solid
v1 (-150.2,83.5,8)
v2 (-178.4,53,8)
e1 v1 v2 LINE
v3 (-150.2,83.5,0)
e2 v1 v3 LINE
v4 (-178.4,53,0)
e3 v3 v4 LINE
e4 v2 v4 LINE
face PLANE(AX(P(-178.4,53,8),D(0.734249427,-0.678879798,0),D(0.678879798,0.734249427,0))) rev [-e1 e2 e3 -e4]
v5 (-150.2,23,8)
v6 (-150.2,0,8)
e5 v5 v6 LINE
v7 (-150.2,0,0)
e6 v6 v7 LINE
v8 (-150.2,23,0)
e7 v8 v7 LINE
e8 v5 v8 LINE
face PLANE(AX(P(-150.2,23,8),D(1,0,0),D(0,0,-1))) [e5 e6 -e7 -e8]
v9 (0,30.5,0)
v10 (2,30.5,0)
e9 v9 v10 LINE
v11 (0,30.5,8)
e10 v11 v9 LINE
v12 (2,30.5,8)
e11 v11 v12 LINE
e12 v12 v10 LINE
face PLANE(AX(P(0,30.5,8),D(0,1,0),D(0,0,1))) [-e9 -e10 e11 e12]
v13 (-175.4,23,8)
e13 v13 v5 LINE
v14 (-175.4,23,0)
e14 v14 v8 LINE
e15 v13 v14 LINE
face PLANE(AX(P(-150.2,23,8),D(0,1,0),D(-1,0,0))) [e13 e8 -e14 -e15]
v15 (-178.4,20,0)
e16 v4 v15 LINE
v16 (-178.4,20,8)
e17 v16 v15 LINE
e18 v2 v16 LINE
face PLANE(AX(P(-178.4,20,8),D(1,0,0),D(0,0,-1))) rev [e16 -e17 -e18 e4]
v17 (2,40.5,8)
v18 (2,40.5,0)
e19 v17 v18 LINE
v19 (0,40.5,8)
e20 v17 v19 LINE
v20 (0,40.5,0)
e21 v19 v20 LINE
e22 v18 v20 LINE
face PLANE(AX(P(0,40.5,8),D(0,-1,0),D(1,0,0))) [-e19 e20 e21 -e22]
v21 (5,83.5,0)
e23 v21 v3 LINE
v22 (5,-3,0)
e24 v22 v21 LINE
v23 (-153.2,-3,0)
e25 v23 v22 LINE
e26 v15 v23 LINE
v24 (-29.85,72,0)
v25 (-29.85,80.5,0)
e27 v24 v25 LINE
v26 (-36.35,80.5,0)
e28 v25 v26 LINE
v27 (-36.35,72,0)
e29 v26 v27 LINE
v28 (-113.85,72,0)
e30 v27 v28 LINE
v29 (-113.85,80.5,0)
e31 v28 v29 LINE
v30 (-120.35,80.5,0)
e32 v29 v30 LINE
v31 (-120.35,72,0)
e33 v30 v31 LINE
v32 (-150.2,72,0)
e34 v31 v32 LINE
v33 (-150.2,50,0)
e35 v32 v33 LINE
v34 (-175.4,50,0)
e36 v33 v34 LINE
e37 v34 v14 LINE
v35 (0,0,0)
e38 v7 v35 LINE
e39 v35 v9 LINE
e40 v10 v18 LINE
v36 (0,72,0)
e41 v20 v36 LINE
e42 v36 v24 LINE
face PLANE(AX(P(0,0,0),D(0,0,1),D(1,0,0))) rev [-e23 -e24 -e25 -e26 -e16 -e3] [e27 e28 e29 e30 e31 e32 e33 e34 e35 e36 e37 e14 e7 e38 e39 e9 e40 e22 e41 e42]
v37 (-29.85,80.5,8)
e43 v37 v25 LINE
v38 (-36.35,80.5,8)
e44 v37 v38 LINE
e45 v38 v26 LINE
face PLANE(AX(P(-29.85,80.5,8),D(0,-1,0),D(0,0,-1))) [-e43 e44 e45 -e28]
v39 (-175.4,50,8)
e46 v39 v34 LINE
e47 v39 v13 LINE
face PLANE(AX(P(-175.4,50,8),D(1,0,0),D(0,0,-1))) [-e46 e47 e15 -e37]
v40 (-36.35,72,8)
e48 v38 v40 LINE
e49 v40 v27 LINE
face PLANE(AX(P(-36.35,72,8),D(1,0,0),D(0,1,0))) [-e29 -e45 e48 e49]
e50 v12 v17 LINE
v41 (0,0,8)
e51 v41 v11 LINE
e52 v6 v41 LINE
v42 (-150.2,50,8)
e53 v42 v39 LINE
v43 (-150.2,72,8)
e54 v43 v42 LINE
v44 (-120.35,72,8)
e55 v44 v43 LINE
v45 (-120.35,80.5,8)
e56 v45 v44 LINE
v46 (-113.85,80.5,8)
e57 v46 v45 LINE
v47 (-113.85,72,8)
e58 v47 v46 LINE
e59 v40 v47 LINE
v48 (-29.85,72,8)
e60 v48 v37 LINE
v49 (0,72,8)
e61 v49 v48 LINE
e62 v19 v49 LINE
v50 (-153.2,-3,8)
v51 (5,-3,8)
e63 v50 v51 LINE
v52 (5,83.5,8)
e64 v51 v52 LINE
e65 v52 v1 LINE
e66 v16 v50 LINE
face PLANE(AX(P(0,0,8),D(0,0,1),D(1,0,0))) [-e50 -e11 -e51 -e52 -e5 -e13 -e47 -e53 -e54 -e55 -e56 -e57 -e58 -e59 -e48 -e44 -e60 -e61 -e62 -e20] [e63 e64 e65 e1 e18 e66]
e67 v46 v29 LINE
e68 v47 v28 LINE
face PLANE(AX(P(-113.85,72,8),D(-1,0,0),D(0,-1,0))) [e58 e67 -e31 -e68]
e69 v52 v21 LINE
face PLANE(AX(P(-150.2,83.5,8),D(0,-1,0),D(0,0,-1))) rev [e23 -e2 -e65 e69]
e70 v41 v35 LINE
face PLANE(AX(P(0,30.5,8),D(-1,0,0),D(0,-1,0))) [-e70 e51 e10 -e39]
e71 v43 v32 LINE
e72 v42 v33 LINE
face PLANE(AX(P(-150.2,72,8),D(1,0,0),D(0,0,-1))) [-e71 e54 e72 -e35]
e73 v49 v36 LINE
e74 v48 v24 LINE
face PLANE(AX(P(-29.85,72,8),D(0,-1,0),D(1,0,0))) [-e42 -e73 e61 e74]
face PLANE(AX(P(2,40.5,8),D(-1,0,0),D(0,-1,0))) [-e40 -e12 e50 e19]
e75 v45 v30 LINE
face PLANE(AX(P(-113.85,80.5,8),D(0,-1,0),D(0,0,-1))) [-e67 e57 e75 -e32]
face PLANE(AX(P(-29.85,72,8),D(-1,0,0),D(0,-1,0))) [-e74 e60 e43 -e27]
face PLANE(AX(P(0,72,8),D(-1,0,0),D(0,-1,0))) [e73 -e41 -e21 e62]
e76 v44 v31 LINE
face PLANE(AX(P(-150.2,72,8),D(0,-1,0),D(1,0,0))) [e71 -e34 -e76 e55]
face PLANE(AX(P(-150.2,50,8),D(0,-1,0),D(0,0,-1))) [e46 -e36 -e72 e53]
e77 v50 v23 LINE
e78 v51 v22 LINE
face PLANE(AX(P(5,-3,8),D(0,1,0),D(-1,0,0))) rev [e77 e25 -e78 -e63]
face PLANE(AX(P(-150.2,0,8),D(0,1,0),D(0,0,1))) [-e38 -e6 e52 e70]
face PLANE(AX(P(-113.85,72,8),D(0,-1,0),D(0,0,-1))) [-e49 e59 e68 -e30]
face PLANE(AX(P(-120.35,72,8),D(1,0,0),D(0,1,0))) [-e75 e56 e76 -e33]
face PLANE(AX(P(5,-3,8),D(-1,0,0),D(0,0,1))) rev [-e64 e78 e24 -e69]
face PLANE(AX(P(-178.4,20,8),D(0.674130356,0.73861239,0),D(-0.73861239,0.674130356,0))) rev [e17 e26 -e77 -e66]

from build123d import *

# Parameters (mm, degrees)
BOSS_EXTRUDE1_DEPTH = 8


with BuildPart() as part:
    # Sketch1 → Boss-Extrude1 (new body)
    with BuildSketch(Plane.XY):
        Polygon((-178.4, 53), (-150.2, 83.5), (5, 83.5), (5, -3), (-153.2, -3), (-178.4, 20), align=None)
        Polygon((-150.2, 72), (-120.35, 72), (-120.35, 80.5), (-113.85, 80.5), (-113.85, 72), (-36.35, 72), (-36.35, 80.5), (-29.85, 80.5), (-29.85, 72), (0, 72), (0, 40.5), (2, 40.5), (2, 30.5), (0, 30.5), (0, 0), (-150.2, 0), (-150.2, 23), (-175.4, 23), (-175.4, 50), (-150.2, 50), align=None, mode=Mode.SUBTRACT)
    extrude(amount=BOSS_EXTRUDE1_DEPTH)


solid = part.part
